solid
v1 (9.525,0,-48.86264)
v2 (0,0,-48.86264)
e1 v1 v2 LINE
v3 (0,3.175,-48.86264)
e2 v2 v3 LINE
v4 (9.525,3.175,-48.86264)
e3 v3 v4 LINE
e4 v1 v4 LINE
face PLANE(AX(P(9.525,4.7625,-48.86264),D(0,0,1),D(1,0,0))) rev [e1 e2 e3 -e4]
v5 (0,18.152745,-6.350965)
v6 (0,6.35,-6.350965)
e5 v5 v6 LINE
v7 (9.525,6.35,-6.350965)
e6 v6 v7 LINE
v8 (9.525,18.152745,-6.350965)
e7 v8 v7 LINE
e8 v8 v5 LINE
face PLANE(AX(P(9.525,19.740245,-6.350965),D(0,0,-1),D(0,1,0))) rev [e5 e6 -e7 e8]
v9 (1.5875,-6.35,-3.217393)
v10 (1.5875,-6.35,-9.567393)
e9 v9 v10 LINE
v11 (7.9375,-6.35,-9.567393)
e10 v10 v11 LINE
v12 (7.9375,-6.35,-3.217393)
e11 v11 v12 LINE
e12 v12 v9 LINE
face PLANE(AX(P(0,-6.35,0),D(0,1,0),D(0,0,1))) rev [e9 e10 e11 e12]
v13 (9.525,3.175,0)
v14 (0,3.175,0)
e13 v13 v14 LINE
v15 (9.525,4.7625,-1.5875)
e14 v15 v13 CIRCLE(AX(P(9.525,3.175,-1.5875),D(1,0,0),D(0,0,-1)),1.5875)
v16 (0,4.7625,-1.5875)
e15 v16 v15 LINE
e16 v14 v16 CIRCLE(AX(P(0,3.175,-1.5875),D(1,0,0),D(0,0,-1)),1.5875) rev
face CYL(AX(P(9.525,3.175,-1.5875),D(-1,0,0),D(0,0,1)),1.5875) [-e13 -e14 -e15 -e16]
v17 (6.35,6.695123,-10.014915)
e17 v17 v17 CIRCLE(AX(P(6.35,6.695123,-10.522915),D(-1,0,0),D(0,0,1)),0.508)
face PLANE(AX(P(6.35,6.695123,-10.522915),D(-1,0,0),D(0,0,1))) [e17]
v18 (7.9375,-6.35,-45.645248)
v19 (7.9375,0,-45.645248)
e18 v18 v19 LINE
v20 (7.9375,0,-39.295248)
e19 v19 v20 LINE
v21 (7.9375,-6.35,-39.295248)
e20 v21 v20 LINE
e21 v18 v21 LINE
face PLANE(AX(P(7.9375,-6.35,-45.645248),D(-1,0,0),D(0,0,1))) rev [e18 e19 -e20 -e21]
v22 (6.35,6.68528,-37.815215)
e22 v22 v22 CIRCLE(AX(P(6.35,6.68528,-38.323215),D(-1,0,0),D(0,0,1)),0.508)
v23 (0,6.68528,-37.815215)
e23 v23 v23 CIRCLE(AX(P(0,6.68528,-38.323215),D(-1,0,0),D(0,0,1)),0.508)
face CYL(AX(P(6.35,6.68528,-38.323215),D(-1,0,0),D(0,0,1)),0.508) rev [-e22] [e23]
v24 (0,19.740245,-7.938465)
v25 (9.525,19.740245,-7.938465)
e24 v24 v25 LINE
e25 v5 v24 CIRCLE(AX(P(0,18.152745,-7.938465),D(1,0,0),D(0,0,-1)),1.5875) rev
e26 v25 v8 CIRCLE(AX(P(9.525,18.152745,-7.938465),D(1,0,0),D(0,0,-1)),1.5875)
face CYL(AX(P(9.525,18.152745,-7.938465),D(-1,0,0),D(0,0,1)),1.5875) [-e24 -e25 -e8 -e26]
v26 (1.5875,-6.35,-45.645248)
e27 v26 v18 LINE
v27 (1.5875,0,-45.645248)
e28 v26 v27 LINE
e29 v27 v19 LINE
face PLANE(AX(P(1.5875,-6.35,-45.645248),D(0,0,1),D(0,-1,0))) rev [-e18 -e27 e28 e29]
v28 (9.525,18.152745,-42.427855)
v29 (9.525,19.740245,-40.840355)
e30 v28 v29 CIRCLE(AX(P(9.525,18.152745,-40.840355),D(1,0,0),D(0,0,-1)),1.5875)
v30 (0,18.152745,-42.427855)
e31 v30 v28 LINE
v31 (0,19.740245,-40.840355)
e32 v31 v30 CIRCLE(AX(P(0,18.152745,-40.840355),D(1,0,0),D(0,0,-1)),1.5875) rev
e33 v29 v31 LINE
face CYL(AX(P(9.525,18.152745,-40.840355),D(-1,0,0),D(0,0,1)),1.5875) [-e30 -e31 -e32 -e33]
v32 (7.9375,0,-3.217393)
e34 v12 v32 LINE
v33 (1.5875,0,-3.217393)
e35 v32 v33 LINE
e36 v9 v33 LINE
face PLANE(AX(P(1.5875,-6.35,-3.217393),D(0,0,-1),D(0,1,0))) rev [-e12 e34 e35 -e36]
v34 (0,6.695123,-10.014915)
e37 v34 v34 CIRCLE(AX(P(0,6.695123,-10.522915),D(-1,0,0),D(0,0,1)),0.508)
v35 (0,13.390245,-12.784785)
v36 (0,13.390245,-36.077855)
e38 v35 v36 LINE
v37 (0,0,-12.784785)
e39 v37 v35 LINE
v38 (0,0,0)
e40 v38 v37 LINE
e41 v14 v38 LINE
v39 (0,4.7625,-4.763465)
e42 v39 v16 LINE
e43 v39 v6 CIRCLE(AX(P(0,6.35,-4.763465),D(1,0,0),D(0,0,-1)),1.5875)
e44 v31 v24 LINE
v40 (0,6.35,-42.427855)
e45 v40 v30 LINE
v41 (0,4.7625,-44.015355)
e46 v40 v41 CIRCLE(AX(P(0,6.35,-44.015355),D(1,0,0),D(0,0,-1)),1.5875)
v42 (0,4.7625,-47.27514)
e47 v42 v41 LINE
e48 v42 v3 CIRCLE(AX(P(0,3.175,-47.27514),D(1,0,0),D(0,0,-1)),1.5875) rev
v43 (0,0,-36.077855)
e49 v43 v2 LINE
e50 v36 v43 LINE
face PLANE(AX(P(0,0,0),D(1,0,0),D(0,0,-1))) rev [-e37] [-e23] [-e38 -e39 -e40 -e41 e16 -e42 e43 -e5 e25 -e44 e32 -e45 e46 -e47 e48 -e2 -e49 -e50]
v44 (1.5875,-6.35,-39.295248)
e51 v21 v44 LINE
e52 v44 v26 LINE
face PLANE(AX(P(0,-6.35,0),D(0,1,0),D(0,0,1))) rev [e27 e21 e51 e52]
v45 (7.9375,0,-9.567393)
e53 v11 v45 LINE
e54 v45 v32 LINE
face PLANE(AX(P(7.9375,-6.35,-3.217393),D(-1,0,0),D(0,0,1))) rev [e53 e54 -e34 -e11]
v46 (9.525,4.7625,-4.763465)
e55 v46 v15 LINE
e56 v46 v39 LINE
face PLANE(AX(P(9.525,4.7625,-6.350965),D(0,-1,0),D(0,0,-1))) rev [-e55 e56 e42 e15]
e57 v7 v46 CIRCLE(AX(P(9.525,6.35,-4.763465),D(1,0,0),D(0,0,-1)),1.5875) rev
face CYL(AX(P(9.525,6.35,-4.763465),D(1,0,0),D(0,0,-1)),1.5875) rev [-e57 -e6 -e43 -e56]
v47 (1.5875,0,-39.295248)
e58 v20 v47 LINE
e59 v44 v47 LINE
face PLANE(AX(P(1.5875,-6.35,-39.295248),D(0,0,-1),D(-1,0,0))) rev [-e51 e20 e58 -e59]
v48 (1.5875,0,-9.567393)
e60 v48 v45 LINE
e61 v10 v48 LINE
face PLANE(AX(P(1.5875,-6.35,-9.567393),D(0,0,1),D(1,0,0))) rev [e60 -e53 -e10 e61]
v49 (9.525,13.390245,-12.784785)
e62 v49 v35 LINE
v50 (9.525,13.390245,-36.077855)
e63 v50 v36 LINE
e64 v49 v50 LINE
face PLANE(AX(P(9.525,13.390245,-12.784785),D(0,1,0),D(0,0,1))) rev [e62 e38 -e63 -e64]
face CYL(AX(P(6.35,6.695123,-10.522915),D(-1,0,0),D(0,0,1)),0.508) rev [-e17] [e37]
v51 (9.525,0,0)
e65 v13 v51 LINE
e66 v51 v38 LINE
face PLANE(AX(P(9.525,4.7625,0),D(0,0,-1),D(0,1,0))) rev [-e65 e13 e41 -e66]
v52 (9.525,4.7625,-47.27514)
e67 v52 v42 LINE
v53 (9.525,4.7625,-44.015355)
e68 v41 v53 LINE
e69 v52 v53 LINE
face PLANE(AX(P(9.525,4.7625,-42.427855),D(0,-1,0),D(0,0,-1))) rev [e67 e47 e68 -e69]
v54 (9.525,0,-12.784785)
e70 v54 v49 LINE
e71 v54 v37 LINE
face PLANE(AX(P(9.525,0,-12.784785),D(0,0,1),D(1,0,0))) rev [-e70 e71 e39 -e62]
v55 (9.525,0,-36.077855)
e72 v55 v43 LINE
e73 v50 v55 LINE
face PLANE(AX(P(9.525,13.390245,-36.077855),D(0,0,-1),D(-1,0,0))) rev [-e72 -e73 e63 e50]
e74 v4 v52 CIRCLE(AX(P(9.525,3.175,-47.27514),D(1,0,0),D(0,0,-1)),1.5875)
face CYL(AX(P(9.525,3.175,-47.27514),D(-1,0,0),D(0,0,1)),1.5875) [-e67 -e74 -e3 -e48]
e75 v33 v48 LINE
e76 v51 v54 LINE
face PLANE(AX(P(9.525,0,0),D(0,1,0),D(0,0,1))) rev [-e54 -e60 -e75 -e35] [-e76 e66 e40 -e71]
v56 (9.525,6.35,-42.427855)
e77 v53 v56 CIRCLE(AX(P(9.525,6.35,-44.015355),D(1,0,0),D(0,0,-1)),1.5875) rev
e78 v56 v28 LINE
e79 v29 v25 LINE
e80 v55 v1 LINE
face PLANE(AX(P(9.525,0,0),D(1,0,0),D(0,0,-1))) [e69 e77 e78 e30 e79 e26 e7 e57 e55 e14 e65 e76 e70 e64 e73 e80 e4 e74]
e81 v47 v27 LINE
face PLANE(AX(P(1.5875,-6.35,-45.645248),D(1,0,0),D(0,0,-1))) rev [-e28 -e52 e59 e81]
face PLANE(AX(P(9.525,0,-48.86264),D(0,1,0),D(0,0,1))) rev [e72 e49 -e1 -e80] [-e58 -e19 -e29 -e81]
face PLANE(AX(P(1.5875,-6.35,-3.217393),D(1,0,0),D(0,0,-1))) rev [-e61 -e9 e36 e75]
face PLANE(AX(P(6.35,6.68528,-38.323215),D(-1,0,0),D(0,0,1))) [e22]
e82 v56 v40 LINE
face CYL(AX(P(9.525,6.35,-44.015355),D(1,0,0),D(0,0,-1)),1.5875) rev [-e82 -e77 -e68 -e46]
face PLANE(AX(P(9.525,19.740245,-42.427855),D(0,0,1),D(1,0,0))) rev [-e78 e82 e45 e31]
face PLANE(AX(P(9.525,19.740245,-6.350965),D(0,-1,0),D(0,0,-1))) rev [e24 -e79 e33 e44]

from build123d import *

# Parameters (mm, degrees)
BOSS_EXTRUDE1_DEPTH = 9.525
SKETCH3_R           = 0.508
CUT_EXTRUDE2_DEPTH  = 6.35
FILLET1_R           = 1.5875
ESQUISSE1_W         = 6.35
ESQUISSE1_H         = 6.35
BOSS_EXTRU_1_DEPTH  = 6.35


with BuildPart() as part:
    # Sketch1 → Boss-Extrude1 (new body)
    with BuildSketch(Plane(origin=(0, 0, 0), x_dir=(0, 0, -1), z_dir=(1, 0, 0))):
        Polygon((0, 0), (12.7847852, 0), (12.7847852, 13.390245), (36.0778552, 13.390245), (36.0778552, 0), (48.8626404, 0), (48.8626404, 4.7625), (42.4278552, 4.7625), (42.4278552, 19.740245), (41.4309052, 19.740245), (6.3509652, 19.740245), (6.3509652, 4.7625), (0, 4.7625), align=None)
    extrude(amount=BOSS_EXTRUDE1_DEPTH)

    # Sketch3 → Cut-Extrude2 (cut)
    with BuildSketch(Plane.ZY):
        with Locations((-38.3232152, 6.68528)):
            Circle(SKETCH3_R)
        with Locations((-10.5229152, 6.6951225)):
            Circle(SKETCH3_R)
    extrude(amount=-CUT_EXTRUDE2_DEPTH, mode=Mode.SUBTRACT)

    # Fillet1
    fillet1_edges = [part.edges().sort_by_distance(p)[0] for p in [
        (4.7625, 4.7625, 0),
        (4.7625, 4.7625, -6.3509652),
        (4.7625, 19.740245, -6.3509652),
        (4.7625, 19.740245, -42.4278552),
        (4.7625, 4.7625, -42.4278552),
        (4.7625, 4.7625, -48.8626404),
    ]]
    fillet(fillet1_edges, radius=FILLET1_R)

    # Esquisse1 → Boss.-Extru.1 (add)
    with BuildSketch(Plane.XZ):
        with Locations((4.7625, -42.4702478)):
            Rectangle(ESQUISSE1_W, ESQUISSE1_H)
        with Locations((4.7625, -6.3923926)):
            Rectangle(ESQUISSE1_W, ESQUISSE1_H)
    extrude(amount=BOSS_EXTRU_1_DEPTH)


solid = part.part
